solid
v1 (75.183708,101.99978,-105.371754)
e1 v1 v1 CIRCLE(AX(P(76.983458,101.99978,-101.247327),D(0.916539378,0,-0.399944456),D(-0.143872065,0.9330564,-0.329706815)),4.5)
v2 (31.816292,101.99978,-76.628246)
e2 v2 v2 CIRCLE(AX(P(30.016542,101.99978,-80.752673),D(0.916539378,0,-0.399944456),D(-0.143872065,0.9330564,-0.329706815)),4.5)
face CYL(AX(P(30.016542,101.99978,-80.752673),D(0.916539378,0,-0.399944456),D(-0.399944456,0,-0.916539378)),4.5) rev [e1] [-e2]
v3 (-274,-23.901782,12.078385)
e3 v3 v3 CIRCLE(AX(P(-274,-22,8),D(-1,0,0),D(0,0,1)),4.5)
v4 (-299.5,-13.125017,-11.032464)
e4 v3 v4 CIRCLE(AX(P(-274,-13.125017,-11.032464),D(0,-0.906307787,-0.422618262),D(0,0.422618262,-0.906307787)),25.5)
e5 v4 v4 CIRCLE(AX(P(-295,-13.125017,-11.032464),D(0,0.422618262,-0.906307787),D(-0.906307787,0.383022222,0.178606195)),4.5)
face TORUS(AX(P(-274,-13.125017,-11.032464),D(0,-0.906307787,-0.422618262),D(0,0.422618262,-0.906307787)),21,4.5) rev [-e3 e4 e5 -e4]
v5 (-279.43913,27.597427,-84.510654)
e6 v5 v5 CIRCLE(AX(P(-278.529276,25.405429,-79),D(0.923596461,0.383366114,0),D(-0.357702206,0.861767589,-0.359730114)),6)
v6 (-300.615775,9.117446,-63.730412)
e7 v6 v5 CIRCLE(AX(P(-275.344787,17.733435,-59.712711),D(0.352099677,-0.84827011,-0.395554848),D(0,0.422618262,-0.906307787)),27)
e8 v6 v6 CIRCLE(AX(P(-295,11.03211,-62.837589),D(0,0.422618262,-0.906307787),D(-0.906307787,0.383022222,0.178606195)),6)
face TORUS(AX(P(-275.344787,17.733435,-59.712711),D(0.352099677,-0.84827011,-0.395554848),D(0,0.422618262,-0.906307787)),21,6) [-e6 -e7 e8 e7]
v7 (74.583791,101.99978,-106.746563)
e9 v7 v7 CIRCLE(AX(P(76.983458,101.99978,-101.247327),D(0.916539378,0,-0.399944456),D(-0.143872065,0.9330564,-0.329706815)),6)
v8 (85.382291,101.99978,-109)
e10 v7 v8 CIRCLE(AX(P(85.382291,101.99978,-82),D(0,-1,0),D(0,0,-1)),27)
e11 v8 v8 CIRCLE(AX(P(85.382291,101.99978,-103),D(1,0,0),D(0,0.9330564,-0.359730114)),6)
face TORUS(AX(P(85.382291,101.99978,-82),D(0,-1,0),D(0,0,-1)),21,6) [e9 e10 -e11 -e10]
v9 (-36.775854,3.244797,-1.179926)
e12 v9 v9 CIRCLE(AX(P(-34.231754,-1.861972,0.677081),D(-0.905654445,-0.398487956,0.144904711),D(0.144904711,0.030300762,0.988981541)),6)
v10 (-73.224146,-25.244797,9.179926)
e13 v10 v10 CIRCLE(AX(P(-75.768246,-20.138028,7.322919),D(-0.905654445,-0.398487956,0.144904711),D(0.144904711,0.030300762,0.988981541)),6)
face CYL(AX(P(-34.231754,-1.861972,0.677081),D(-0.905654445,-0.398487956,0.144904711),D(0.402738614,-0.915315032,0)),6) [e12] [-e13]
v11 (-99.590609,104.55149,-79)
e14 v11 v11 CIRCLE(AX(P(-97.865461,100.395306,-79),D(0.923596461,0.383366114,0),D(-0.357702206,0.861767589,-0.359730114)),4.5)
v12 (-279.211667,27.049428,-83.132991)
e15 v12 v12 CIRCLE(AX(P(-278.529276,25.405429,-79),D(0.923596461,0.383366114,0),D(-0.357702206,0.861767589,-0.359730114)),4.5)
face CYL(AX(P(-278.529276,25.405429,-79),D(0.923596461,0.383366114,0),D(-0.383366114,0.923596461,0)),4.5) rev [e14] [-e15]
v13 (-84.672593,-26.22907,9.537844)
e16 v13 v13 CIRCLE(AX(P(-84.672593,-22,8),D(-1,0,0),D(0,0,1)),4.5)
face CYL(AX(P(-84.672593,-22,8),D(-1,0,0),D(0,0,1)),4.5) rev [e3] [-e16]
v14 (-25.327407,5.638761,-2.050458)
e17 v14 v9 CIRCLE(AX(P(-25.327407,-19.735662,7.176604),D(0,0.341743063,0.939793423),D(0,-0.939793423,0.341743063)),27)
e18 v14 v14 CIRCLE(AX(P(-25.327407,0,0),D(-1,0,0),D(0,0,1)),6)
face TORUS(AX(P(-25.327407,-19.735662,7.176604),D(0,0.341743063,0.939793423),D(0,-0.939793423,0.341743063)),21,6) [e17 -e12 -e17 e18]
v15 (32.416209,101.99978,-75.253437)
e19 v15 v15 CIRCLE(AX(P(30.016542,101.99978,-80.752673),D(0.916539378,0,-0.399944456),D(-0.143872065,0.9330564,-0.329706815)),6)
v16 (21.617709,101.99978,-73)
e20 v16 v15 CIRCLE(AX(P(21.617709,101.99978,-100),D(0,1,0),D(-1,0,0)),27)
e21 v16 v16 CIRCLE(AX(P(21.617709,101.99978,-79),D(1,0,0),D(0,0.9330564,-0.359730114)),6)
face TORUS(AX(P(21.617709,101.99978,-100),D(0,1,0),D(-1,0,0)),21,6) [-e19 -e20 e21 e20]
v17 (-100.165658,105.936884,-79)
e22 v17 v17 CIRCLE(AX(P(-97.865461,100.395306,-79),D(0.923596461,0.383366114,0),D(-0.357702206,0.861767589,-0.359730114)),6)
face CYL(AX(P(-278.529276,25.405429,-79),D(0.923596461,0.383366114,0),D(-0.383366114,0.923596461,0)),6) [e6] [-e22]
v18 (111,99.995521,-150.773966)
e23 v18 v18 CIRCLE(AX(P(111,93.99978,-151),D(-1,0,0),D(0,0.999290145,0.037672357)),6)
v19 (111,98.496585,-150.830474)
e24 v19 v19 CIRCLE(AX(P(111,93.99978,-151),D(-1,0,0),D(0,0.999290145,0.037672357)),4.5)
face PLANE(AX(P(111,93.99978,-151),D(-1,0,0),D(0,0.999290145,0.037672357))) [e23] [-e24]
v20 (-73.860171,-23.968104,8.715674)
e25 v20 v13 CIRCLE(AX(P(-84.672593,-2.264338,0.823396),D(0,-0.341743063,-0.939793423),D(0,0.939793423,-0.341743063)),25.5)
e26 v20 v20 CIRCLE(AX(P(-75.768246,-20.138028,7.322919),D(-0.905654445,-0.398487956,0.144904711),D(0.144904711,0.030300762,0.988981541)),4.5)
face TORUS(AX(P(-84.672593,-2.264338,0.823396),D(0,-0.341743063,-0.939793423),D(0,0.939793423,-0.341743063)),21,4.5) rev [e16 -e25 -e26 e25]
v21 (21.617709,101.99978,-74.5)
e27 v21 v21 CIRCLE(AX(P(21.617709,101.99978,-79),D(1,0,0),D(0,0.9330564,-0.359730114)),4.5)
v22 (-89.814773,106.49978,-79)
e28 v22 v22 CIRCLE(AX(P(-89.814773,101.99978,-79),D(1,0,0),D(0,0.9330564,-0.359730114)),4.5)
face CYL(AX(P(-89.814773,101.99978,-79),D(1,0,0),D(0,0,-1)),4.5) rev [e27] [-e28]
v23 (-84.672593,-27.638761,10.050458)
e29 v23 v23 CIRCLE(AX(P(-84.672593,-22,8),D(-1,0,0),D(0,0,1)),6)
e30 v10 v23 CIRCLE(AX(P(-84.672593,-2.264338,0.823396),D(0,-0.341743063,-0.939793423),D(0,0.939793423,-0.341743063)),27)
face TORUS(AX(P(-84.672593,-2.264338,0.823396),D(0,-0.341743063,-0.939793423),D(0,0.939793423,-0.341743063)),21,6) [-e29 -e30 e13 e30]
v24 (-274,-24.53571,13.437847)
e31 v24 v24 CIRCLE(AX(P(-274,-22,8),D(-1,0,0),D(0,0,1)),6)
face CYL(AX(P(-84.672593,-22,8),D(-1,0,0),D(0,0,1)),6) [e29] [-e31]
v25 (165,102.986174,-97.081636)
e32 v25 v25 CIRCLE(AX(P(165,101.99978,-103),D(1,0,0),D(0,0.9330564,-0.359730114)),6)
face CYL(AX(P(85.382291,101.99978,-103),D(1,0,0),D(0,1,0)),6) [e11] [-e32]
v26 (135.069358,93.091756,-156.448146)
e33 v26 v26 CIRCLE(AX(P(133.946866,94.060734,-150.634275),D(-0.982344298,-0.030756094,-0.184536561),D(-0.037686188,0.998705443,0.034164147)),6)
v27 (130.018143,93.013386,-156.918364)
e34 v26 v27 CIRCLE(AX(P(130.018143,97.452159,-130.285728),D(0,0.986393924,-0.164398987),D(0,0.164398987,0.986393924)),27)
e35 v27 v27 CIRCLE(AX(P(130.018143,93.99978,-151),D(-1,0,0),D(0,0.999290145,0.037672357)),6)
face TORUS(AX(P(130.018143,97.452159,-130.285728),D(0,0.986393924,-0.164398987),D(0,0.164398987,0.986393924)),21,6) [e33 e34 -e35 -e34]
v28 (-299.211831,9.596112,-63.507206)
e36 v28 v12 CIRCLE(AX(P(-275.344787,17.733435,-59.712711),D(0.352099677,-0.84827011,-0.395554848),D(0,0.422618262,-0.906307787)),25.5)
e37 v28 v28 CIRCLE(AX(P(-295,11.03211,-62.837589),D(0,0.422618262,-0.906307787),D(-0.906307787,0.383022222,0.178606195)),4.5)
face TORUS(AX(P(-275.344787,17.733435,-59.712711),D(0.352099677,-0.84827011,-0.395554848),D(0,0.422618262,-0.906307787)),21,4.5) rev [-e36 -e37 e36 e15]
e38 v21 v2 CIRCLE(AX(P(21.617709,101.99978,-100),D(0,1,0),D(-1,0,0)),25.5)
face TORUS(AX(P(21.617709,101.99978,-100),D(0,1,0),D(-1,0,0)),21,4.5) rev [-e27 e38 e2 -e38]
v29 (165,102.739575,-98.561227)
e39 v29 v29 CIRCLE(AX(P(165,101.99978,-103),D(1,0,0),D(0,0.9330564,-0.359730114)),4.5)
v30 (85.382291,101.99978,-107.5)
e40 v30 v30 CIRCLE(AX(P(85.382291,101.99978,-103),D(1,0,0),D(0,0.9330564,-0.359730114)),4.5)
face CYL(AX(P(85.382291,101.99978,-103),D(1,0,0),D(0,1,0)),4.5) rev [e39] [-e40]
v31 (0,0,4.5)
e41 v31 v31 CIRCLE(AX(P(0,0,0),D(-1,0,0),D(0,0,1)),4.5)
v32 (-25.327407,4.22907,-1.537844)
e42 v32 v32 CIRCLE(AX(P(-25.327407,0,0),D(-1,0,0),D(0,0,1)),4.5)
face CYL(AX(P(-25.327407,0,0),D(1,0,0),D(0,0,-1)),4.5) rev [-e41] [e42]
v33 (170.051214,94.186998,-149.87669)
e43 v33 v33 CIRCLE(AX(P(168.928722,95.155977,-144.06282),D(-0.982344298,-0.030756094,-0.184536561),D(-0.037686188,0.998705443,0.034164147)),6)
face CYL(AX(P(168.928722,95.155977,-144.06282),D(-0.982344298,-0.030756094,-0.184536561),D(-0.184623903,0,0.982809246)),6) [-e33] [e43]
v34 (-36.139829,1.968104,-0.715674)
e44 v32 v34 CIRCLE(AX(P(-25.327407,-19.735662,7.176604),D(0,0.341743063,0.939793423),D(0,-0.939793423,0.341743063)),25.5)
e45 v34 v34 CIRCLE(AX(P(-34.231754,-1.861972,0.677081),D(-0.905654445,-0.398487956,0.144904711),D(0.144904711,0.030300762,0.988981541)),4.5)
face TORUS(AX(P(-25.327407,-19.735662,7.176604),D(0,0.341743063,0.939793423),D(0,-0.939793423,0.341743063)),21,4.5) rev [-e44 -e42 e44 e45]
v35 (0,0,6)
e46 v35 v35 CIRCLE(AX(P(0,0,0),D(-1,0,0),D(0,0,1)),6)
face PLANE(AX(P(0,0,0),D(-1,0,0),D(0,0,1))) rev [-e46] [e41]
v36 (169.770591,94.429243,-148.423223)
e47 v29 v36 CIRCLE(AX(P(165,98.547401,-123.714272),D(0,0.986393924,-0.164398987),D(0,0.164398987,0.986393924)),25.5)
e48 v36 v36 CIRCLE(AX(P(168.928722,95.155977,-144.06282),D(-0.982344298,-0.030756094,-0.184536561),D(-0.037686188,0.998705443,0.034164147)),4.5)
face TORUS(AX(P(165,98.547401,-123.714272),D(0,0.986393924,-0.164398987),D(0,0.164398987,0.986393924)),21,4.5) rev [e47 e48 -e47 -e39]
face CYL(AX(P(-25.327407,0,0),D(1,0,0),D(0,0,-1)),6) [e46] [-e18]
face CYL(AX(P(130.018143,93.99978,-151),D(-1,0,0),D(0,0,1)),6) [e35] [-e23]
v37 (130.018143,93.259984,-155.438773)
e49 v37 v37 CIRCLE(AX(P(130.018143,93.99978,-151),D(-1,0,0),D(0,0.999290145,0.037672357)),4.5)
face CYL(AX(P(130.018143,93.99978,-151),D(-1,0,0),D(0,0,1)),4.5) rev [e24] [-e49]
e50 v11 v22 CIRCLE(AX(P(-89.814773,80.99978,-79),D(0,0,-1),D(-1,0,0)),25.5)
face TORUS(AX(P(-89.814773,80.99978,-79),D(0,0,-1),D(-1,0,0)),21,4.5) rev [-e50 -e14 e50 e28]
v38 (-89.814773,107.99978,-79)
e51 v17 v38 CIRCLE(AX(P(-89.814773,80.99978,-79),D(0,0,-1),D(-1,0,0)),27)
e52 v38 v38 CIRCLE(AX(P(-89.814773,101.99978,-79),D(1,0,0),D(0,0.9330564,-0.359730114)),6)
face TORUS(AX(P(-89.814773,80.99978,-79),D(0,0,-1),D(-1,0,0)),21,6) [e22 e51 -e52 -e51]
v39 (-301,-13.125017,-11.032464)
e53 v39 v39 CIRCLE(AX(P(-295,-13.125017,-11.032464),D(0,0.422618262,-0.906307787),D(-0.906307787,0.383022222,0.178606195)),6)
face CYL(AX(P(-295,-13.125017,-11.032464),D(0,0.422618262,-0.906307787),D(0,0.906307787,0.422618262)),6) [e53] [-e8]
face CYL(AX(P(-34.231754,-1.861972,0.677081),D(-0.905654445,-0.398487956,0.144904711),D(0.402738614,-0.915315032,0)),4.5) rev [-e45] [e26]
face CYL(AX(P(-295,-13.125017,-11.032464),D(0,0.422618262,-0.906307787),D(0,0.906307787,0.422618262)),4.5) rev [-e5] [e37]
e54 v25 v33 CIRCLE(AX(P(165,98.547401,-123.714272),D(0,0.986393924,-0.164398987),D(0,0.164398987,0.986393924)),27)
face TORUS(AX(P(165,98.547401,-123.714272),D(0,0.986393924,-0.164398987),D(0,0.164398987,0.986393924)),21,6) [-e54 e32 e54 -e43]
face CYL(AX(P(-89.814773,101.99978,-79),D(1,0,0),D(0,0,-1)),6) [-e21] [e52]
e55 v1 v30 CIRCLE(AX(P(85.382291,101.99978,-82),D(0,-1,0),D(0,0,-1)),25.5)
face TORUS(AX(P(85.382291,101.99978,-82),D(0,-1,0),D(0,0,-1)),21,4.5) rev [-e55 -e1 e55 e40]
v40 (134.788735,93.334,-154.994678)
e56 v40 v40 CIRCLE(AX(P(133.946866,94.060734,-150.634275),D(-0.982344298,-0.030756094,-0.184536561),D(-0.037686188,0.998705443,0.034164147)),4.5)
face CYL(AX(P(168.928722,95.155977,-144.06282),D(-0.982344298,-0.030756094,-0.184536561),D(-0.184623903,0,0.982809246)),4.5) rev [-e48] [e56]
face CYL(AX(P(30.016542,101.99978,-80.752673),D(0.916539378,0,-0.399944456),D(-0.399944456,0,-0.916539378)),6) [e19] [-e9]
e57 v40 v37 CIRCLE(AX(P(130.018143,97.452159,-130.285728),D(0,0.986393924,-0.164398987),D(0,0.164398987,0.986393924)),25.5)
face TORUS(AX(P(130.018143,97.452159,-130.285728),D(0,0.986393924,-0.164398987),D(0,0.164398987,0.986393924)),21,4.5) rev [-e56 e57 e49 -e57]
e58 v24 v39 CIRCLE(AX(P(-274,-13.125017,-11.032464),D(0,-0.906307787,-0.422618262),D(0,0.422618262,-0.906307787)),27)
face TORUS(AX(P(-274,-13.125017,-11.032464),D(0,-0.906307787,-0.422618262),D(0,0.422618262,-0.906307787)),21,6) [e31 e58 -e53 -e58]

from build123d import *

# Parameters (mm, degrees)
SKETCH1_R   = 6
SKETCH1_R_2 = 4.5


with BuildPart() as part:
    # Sweep1: sweep along a curve in space
    with BuildLine() as sweep1_path:
        Line((0, 0, 0), (-25.327407146, 0, 0))
        ThreePointArc((-25.327407146, 0, 0), (-29.888459095, -0.471116072, 0.171314935), (-34.231754488, -1.861971975, 0.677080718))
        Line((-34.231754488, -1.861971975, 0.677080718), (-75.768245512, -20.138028025, 7.322919282))
        ThreePointArc((-75.768245512, -20.138028025, 7.322919282), (-80.111540905, -21.528883928, 7.828685065), (-84.672592854, -22, 8))
        Line((-84.672592854, -22, 8), (-274, -22, 8))
        ThreePointArc((-274, -22, 8), (-288.849242405, -19.400577517, 2.425520495), (-295, -13.125016503, -11.032463528))
        Line((-295, 11.032110394, -62.837589339), (-295, -13.125016503, -11.032463528))
        ThreePointArc((-295, 11.032110394, -62.837589339), (-290.326763001, 18.370157237, -74.414240676), (-278.529276145, 25.405428874, -79))
        Line((-278.529276145, 25.405428874, -79), (-97.865461107, 100.395305511, -79))
        ThreePointArc((-97.865461107, 100.395305511, -79), (-93.919280038, 101.594755422, -79), (-89.814772717, 101.99977983, -79))
        Line((-89.814772717, 101.99977983, -79), (21.61770884, 101.99977983, -79))
        ThreePointArc((21.61770884, 101.99977983, -79), (25.90758845, 101.99977983, -79.44283743), (30.016542416, 101.99977983, -80.752673054))
        Line((30.016542416, 101.99977983, -80.752673054), (76.983457584, 101.99977983, -101.247326946))
        ThreePointArc((85.38229116, 101.99977983, -103), (81.09241155, 101.99977983, -102.55716257), (76.983457584, 101.99977983, -101.247326946))
        Line((85.38229116, 101.99977983, -103), (165, 101.99977983, -103))
        ThreePointArc((165, 101.99977983, -103), (185.907102089, 98.871775015, -121.768028888), (168.928722286, 95.155976533, -144.062819784))
        Line((133.946865608, 94.060733999, -150.634274983), (168.928722286, 95.155976533, -144.062819784))
        ThreePointArc((133.946865608, 94.060733999, -150.634274983), (131.991232841, 94.015052153, -150.908366065), (130.018143322, 93.99977983, -151))
        Line((130.018143322, 93.99977983, -151), (111, 93.99977983, -151))
    # Sketch1 → Sweep1 (sweep)
    with BuildSketch(Plane.ZY):
        Circle(SKETCH1_R)
        Circle(SKETCH1_R_2, mode=Mode.SUBTRACT)
    sweep(path=sweep1_path.line)


solid = part.part
